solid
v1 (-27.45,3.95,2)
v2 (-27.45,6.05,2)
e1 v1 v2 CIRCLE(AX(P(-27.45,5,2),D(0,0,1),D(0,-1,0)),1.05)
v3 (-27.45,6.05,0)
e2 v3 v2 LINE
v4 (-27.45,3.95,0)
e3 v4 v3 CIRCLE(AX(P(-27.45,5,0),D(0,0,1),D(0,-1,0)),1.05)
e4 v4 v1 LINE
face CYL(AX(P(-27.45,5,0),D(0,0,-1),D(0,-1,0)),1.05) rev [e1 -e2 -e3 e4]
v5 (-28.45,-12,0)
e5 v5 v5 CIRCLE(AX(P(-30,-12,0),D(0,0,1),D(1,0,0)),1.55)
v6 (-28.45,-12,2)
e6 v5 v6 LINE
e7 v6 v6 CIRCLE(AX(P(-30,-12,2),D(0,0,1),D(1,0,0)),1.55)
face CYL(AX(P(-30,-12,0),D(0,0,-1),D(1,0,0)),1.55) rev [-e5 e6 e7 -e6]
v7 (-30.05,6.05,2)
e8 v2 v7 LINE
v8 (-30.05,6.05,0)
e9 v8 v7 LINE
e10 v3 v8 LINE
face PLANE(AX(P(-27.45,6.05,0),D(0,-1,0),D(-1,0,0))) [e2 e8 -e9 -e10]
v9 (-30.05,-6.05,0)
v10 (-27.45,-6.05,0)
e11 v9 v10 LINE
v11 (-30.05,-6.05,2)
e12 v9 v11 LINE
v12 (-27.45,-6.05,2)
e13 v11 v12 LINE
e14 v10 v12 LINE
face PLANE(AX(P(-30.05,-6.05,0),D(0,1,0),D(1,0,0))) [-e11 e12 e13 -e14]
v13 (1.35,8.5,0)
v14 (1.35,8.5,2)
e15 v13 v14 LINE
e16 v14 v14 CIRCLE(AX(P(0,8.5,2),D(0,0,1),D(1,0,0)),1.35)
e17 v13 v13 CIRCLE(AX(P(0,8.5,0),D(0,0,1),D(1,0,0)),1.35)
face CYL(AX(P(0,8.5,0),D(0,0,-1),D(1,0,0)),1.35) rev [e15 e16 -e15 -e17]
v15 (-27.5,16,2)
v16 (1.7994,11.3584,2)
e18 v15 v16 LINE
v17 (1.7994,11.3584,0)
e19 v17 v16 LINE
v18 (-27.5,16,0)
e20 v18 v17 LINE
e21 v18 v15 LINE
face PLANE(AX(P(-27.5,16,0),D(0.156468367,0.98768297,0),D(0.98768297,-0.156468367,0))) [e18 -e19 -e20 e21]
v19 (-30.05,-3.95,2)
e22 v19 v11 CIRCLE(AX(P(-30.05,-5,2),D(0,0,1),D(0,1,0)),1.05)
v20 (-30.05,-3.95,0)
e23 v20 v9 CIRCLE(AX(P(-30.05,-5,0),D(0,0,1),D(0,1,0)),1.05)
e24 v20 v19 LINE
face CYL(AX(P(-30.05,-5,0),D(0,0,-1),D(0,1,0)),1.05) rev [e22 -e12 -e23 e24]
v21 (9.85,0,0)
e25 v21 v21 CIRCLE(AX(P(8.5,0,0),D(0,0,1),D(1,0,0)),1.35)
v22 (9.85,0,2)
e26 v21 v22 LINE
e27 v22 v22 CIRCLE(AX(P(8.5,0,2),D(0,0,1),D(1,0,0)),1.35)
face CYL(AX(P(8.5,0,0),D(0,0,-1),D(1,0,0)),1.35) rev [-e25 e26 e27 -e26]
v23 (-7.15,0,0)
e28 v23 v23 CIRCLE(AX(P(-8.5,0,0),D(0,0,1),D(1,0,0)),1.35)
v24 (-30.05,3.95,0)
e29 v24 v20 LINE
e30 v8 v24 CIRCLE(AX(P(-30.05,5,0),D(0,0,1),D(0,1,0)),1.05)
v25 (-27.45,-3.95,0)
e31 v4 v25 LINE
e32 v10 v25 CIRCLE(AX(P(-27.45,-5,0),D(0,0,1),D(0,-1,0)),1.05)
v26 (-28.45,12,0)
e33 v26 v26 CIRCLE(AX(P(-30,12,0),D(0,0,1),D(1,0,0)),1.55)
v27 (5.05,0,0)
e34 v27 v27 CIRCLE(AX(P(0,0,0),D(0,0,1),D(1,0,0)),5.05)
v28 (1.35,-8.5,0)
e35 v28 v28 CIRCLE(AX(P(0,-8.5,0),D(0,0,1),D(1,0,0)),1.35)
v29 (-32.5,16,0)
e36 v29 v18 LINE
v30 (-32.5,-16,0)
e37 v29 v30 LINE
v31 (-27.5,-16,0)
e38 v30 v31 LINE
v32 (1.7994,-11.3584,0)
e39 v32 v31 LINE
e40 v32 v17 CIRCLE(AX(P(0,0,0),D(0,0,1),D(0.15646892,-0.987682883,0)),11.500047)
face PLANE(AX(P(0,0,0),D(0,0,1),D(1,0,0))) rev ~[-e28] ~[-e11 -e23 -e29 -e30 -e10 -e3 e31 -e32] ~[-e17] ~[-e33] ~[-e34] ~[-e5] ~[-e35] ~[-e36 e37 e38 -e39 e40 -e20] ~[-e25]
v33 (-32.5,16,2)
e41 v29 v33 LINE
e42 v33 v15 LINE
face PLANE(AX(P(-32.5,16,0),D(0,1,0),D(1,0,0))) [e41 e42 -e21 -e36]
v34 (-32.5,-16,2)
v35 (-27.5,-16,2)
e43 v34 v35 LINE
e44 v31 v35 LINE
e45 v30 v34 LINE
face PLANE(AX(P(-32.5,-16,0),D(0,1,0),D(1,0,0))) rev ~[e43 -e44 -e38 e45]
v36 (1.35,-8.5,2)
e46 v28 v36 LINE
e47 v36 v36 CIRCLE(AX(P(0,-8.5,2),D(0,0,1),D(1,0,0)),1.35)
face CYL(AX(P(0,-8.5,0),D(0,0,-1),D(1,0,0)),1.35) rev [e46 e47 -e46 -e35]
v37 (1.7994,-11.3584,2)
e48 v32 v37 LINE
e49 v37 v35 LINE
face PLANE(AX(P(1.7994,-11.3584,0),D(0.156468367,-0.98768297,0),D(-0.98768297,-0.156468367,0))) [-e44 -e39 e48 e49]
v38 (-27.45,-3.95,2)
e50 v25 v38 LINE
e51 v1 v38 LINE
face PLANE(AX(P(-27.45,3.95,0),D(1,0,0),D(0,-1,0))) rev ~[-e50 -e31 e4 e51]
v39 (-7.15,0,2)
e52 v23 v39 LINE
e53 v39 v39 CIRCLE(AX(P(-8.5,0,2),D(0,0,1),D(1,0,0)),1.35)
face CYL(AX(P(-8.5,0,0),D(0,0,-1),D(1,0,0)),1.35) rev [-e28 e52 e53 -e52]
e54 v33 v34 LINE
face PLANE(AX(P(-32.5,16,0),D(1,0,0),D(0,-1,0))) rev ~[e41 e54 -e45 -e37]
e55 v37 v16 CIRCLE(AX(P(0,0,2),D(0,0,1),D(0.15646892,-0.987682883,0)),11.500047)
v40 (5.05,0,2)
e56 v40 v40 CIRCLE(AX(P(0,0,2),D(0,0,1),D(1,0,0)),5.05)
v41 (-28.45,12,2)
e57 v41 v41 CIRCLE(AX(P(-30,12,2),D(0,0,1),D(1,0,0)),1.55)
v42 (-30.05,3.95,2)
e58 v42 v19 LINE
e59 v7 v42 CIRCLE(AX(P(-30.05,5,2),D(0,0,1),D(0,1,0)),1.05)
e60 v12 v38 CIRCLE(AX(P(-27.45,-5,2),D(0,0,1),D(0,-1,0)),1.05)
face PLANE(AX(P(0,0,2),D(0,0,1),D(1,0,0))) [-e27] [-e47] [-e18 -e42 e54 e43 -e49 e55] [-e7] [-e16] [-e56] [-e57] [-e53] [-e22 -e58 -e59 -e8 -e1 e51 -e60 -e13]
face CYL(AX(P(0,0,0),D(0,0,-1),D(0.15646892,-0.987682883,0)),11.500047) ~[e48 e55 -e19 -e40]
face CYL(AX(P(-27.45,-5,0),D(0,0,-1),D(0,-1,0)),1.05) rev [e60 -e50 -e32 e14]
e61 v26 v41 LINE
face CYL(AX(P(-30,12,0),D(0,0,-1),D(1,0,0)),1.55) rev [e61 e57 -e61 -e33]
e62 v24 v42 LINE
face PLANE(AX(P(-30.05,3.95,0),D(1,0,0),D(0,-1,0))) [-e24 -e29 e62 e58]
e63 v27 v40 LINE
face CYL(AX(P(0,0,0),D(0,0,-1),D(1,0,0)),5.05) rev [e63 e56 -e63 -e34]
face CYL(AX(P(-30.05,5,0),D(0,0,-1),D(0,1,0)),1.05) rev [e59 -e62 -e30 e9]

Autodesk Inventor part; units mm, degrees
ref_plane "YZ Plane" through (0, 0, 0) normal (1, 0, 0) x (0, 1, 0)
ref_plane "XZ Plane" through (0, 0, 0) normal (0, 1, 0) x (-1, 0, 0)
ref_plane "XY Plane" through (0, 0, 0) normal (0, 0, 1) x (1, 0, 0)
sketch "スケッチ1" plane through (0, 0, 0) normal (0, 0, 1) x (1, 0, 0)
  circle A0 centre (0, 0) radius 10.5 construction
  circle A1 centre (0, 8.5) radius 1.35
  circle A2 centre (-8.5, 0) radius 1.35
  circle A3 centre (0, -8.5) radius 1.35
  circle A4 centre (8.5, 0) radius 1.35
  circle A5 centre (0, 0) radius 5.05
  line L0 (-30, 6) -> (-27.5, 6) construction
  line L1 (-27.5, 6) -> (-27.5, -6) construction
  line L2 (-27.5, -6) -> (-30, -6) construction
  line L3 (-30, -6) -> (-30, 6) construction
  line L4 (-27.45, 6.05) -> (-30.05, 6.05) construction
  line L5 (-30.05, 6.05) -> (-30.05, -6.05) construction
  line L6 (-30.05, -6.05) -> (-27.45, -6.05) construction
  line L7 (-27.45, -6.05) -> (-27.45, 6.05) construction
  circle A6 centre (-30.05, 5) radius 1.05 construction
  line L8 (-27.45, 6.05) -> (-30.05, 6.05)
  arc A7 (-30.05, 6.05) -> (-30.05, 3.95) centre (-30.05, 5) ccw
  line L9 (-30.05, 3.95) -> (-30.05, -3.95)
  line L10 (-28.75, 6.05) -> (-28.75, -6.05) construction
  line L11 (-30.05, 0) -> (-27.5, 0) construction
  arc A8 (-30.05, -3.95) -> (-30.05, -6.05) centre (-30.05, -5) ccw
  line L12 (-30.05, -6.05) -> (-27.45, -6.05)
  line L13 (-27.45, 3.95) -> (-27.45, -3.95)
  arc A9 (-27.45, 3.95) -> (-27.45, 6.05) centre (-27.45, 5) ccw
  arc A10 (-27.45, -6.05) -> (-27.45, -3.95) centre (-27.45, -5) ccw
  circle A11 centre (-30, 12) radius 1.55
  circle A12 centre (-30, -12) radius 1.55
  line L14 (-32.5, 16) -> (-27.5, 16)
  line L15 (-32.5, -16) -> (-27.5, -16)
  arc A13 (1.7994, -11.3584) -> (1.7994, 11.3584) centre (0, 0) ccw
  line L16 (-32.5, 16) -> (-32.5, -16)
  line L17 (-27.5, 16) -> (1.7994, 11.3584)
  line L18 (1.7994, -11.3584) -> (-27.5, -16)
  point P0 (-28.775, 0)
  dimension "d29" = 2.1
  dimension "d0" = 21
  dimension "d3" = 8.5
  dimension "d4" = 2.7
  dimension "d7" = 360
  dimension "d9" = 10.1
  dimension "d10" = 2.5
  dimension "d30" = 0.05
  dimension "d31" = 6
  dimension "d33" = 3.1
  dimension "d43" = 1
  dimension "d57" = 32
  dimension "d61" = 32.5
  dimension "d62" = 5
  dimension "d63" = 2.5
  dimension "d65" = 10
extrude "押し出し1" add sketch "スケッチ1" along normal blind 2
equation "\"d23\" = 7"
properties part number "Shoulder_vertical_frame_02" material "アルミニウム 2014-T4"
